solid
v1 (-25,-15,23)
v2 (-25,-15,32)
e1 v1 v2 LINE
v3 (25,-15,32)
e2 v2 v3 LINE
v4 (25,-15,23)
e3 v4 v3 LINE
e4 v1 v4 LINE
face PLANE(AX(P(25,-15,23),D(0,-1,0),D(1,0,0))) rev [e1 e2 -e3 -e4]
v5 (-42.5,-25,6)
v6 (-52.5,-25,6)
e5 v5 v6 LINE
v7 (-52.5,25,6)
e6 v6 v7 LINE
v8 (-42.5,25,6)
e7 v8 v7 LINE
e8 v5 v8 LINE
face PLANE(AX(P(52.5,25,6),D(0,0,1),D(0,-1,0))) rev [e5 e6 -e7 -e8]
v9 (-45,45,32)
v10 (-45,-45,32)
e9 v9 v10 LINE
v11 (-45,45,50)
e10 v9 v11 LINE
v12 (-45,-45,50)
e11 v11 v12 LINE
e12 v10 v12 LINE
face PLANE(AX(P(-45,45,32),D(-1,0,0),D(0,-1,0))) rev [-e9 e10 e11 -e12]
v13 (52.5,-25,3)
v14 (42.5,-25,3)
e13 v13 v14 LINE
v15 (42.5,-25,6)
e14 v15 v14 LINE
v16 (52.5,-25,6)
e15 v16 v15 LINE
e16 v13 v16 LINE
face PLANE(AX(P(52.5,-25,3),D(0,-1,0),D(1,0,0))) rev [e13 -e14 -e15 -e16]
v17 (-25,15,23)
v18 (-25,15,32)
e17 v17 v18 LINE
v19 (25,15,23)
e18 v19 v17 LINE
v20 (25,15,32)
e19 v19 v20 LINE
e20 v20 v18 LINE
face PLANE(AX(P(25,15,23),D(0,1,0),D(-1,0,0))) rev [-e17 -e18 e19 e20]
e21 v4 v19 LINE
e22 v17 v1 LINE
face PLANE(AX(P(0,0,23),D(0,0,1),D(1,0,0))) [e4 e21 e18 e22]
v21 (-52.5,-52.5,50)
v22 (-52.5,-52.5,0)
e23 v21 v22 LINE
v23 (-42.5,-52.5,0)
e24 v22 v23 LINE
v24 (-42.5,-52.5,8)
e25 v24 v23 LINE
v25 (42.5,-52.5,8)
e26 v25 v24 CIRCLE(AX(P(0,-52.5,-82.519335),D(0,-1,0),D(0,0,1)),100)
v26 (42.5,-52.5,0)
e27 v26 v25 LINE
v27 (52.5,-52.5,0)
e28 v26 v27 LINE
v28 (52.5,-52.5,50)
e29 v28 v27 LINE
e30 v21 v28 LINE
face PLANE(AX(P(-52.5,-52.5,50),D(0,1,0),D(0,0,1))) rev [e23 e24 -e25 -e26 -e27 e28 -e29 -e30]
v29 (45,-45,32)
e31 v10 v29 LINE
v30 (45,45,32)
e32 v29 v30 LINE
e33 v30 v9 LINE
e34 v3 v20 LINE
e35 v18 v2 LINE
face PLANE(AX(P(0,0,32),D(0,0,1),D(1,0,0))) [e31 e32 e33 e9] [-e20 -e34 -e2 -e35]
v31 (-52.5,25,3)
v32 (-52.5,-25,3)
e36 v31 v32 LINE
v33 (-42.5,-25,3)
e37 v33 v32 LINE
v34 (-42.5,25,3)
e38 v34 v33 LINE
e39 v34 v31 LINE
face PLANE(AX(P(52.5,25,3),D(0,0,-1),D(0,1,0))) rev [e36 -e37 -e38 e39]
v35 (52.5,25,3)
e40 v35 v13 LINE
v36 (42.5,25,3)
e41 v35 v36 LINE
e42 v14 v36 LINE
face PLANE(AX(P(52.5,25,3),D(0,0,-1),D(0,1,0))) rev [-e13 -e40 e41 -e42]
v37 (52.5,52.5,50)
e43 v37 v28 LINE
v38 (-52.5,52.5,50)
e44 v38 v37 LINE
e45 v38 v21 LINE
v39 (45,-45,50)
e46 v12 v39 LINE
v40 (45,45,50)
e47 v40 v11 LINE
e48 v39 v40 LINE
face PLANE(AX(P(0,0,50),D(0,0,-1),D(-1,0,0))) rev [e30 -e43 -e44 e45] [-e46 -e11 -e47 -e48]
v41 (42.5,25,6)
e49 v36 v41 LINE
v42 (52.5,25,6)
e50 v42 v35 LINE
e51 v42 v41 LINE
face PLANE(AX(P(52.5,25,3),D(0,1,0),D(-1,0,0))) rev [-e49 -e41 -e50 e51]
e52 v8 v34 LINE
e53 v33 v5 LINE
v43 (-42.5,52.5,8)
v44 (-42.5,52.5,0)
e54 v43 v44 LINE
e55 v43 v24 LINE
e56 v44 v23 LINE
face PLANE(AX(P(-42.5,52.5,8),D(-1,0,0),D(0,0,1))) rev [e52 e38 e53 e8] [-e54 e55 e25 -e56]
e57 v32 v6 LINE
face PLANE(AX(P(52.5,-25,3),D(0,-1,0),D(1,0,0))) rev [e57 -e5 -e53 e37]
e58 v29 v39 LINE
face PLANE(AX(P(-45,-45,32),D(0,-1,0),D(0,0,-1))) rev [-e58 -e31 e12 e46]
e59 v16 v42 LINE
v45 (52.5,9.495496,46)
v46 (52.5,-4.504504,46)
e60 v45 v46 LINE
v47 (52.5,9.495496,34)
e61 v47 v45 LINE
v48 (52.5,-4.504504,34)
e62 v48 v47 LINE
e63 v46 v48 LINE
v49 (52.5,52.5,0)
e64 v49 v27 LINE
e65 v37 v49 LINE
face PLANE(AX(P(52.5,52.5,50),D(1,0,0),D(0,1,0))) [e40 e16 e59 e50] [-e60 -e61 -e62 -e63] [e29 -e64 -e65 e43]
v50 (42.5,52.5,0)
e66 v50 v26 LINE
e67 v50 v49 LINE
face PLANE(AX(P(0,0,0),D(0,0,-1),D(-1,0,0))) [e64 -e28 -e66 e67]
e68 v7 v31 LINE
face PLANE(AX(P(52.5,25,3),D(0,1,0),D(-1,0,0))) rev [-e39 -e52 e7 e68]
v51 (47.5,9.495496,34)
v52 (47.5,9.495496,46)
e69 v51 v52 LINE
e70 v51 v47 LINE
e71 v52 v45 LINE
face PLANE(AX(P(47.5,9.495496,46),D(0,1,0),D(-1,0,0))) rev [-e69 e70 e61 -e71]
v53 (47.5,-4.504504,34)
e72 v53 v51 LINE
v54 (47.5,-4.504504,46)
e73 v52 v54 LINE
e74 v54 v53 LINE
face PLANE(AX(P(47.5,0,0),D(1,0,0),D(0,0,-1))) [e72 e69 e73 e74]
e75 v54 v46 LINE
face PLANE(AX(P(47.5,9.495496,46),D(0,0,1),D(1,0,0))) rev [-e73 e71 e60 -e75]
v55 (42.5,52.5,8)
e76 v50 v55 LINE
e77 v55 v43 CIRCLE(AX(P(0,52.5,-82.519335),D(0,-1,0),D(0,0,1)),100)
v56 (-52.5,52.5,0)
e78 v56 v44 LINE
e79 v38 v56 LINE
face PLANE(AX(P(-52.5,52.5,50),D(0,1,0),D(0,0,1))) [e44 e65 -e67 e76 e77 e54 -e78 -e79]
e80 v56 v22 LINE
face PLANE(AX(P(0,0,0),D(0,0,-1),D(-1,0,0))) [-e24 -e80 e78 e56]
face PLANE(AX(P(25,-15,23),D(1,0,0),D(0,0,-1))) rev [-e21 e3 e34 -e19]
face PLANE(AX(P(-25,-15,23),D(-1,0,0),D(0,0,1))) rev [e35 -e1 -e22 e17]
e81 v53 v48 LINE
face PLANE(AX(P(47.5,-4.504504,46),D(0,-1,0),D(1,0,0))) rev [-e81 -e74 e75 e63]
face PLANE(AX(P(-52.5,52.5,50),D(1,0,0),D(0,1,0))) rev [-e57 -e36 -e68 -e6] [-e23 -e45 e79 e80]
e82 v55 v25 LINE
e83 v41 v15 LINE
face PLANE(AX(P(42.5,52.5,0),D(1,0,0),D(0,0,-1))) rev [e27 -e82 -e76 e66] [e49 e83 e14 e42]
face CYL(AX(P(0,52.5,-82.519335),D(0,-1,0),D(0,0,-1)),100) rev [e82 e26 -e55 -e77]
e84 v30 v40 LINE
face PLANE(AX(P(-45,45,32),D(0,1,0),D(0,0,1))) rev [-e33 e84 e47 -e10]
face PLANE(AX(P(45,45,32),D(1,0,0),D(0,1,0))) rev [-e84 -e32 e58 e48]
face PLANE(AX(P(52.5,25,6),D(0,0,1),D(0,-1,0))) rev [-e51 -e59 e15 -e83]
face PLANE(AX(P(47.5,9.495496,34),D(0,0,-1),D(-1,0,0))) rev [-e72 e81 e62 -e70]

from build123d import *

# Parameters (mm, degrees)
SKETCH1_W           = 105
SKETCH1_H           = 105
BOSS_EXTRUDE1_DEPTH = 50
CUT_EXTRUDE1_DEPTH  = 106
SKETCH3_W           = 90
SKETCH3_H           = 90
CUT_EXTRUDE2_DEPTH  = 18
SKETCH4_W           = 50
SKETCH4_H           = 30
CUT_EXTRUDE3_DEPTH  = 9
SKETCH5_W           = 3
SKETCH5_H           = 50
CUT_EXTRUDE4_DEPTH  = 106
SKETCH7_W           = 12
SKETCH7_H           = 14
CUT_EXTRUDE5_DEPTH  = 5


with BuildPart() as part:
    # Sketch1 → Boss-Extrude1 (new body)
    with BuildSketch(Plane.XY):
        Rectangle(SKETCH1_W, SKETCH1_H)
    extrude(amount=BOSS_EXTRUDE1_DEPTH)

    # Sketch2 → Cut-Extrude1 (cut, through all)
    with BuildSketch(Plane.XZ.offset(52.5)):
        with BuildLine():
            Line((-42.5, 8), (-42.5, 0))
            Line((-42.5, 0), (42.5, 0))
            Line((42.5, 0), (42.5, 8))
            ThreePointArc((42.5, 8), (0, 17.480665049), (-42.5, 8))
        make_face()
    extrude(amount=-CUT_EXTRUDE1_DEPTH, mode=Mode.SUBTRACT)

    # Sketch3 → Cut-Extrude2 (cut)
    with BuildSketch(Plane.XY.offset(50)):
        Rectangle(SKETCH3_W, SKETCH3_H)
    extrude(amount=-CUT_EXTRUDE2_DEPTH, mode=Mode.SUBTRACT)

    # Sketch4 → Cut-Extrude3 (cut)
    with BuildSketch(Plane.XY.offset(32)):
        Rectangle(SKETCH4_W, SKETCH4_H)
    extrude(amount=-CUT_EXTRUDE3_DEPTH, mode=Mode.SUBTRACT)

    # Sketch5 → Cut-Extrude4 (cut, through all)
    with BuildSketch(Plane.ZY.offset(52.5)):
        with Locations((4.5, 0)):
            Rectangle(SKETCH5_W, SKETCH5_H)
    extrude(amount=-CUT_EXTRUDE4_DEPTH, mode=Mode.SUBTRACT)

    # Sketch7 → Cut-Extrude5 (cut)
    with BuildSketch(Plane(origin=(52.5, 0, 0), x_dir=(0, 0, -1), z_dir=(1, 0, 0))):
        with Locations((-40, 2.495495841)):
            Rectangle(SKETCH7_W, SKETCH7_H)
    extrude(amount=-CUT_EXTRUDE5_DEPTH, mode=Mode.SUBTRACT)


solid = part.part
